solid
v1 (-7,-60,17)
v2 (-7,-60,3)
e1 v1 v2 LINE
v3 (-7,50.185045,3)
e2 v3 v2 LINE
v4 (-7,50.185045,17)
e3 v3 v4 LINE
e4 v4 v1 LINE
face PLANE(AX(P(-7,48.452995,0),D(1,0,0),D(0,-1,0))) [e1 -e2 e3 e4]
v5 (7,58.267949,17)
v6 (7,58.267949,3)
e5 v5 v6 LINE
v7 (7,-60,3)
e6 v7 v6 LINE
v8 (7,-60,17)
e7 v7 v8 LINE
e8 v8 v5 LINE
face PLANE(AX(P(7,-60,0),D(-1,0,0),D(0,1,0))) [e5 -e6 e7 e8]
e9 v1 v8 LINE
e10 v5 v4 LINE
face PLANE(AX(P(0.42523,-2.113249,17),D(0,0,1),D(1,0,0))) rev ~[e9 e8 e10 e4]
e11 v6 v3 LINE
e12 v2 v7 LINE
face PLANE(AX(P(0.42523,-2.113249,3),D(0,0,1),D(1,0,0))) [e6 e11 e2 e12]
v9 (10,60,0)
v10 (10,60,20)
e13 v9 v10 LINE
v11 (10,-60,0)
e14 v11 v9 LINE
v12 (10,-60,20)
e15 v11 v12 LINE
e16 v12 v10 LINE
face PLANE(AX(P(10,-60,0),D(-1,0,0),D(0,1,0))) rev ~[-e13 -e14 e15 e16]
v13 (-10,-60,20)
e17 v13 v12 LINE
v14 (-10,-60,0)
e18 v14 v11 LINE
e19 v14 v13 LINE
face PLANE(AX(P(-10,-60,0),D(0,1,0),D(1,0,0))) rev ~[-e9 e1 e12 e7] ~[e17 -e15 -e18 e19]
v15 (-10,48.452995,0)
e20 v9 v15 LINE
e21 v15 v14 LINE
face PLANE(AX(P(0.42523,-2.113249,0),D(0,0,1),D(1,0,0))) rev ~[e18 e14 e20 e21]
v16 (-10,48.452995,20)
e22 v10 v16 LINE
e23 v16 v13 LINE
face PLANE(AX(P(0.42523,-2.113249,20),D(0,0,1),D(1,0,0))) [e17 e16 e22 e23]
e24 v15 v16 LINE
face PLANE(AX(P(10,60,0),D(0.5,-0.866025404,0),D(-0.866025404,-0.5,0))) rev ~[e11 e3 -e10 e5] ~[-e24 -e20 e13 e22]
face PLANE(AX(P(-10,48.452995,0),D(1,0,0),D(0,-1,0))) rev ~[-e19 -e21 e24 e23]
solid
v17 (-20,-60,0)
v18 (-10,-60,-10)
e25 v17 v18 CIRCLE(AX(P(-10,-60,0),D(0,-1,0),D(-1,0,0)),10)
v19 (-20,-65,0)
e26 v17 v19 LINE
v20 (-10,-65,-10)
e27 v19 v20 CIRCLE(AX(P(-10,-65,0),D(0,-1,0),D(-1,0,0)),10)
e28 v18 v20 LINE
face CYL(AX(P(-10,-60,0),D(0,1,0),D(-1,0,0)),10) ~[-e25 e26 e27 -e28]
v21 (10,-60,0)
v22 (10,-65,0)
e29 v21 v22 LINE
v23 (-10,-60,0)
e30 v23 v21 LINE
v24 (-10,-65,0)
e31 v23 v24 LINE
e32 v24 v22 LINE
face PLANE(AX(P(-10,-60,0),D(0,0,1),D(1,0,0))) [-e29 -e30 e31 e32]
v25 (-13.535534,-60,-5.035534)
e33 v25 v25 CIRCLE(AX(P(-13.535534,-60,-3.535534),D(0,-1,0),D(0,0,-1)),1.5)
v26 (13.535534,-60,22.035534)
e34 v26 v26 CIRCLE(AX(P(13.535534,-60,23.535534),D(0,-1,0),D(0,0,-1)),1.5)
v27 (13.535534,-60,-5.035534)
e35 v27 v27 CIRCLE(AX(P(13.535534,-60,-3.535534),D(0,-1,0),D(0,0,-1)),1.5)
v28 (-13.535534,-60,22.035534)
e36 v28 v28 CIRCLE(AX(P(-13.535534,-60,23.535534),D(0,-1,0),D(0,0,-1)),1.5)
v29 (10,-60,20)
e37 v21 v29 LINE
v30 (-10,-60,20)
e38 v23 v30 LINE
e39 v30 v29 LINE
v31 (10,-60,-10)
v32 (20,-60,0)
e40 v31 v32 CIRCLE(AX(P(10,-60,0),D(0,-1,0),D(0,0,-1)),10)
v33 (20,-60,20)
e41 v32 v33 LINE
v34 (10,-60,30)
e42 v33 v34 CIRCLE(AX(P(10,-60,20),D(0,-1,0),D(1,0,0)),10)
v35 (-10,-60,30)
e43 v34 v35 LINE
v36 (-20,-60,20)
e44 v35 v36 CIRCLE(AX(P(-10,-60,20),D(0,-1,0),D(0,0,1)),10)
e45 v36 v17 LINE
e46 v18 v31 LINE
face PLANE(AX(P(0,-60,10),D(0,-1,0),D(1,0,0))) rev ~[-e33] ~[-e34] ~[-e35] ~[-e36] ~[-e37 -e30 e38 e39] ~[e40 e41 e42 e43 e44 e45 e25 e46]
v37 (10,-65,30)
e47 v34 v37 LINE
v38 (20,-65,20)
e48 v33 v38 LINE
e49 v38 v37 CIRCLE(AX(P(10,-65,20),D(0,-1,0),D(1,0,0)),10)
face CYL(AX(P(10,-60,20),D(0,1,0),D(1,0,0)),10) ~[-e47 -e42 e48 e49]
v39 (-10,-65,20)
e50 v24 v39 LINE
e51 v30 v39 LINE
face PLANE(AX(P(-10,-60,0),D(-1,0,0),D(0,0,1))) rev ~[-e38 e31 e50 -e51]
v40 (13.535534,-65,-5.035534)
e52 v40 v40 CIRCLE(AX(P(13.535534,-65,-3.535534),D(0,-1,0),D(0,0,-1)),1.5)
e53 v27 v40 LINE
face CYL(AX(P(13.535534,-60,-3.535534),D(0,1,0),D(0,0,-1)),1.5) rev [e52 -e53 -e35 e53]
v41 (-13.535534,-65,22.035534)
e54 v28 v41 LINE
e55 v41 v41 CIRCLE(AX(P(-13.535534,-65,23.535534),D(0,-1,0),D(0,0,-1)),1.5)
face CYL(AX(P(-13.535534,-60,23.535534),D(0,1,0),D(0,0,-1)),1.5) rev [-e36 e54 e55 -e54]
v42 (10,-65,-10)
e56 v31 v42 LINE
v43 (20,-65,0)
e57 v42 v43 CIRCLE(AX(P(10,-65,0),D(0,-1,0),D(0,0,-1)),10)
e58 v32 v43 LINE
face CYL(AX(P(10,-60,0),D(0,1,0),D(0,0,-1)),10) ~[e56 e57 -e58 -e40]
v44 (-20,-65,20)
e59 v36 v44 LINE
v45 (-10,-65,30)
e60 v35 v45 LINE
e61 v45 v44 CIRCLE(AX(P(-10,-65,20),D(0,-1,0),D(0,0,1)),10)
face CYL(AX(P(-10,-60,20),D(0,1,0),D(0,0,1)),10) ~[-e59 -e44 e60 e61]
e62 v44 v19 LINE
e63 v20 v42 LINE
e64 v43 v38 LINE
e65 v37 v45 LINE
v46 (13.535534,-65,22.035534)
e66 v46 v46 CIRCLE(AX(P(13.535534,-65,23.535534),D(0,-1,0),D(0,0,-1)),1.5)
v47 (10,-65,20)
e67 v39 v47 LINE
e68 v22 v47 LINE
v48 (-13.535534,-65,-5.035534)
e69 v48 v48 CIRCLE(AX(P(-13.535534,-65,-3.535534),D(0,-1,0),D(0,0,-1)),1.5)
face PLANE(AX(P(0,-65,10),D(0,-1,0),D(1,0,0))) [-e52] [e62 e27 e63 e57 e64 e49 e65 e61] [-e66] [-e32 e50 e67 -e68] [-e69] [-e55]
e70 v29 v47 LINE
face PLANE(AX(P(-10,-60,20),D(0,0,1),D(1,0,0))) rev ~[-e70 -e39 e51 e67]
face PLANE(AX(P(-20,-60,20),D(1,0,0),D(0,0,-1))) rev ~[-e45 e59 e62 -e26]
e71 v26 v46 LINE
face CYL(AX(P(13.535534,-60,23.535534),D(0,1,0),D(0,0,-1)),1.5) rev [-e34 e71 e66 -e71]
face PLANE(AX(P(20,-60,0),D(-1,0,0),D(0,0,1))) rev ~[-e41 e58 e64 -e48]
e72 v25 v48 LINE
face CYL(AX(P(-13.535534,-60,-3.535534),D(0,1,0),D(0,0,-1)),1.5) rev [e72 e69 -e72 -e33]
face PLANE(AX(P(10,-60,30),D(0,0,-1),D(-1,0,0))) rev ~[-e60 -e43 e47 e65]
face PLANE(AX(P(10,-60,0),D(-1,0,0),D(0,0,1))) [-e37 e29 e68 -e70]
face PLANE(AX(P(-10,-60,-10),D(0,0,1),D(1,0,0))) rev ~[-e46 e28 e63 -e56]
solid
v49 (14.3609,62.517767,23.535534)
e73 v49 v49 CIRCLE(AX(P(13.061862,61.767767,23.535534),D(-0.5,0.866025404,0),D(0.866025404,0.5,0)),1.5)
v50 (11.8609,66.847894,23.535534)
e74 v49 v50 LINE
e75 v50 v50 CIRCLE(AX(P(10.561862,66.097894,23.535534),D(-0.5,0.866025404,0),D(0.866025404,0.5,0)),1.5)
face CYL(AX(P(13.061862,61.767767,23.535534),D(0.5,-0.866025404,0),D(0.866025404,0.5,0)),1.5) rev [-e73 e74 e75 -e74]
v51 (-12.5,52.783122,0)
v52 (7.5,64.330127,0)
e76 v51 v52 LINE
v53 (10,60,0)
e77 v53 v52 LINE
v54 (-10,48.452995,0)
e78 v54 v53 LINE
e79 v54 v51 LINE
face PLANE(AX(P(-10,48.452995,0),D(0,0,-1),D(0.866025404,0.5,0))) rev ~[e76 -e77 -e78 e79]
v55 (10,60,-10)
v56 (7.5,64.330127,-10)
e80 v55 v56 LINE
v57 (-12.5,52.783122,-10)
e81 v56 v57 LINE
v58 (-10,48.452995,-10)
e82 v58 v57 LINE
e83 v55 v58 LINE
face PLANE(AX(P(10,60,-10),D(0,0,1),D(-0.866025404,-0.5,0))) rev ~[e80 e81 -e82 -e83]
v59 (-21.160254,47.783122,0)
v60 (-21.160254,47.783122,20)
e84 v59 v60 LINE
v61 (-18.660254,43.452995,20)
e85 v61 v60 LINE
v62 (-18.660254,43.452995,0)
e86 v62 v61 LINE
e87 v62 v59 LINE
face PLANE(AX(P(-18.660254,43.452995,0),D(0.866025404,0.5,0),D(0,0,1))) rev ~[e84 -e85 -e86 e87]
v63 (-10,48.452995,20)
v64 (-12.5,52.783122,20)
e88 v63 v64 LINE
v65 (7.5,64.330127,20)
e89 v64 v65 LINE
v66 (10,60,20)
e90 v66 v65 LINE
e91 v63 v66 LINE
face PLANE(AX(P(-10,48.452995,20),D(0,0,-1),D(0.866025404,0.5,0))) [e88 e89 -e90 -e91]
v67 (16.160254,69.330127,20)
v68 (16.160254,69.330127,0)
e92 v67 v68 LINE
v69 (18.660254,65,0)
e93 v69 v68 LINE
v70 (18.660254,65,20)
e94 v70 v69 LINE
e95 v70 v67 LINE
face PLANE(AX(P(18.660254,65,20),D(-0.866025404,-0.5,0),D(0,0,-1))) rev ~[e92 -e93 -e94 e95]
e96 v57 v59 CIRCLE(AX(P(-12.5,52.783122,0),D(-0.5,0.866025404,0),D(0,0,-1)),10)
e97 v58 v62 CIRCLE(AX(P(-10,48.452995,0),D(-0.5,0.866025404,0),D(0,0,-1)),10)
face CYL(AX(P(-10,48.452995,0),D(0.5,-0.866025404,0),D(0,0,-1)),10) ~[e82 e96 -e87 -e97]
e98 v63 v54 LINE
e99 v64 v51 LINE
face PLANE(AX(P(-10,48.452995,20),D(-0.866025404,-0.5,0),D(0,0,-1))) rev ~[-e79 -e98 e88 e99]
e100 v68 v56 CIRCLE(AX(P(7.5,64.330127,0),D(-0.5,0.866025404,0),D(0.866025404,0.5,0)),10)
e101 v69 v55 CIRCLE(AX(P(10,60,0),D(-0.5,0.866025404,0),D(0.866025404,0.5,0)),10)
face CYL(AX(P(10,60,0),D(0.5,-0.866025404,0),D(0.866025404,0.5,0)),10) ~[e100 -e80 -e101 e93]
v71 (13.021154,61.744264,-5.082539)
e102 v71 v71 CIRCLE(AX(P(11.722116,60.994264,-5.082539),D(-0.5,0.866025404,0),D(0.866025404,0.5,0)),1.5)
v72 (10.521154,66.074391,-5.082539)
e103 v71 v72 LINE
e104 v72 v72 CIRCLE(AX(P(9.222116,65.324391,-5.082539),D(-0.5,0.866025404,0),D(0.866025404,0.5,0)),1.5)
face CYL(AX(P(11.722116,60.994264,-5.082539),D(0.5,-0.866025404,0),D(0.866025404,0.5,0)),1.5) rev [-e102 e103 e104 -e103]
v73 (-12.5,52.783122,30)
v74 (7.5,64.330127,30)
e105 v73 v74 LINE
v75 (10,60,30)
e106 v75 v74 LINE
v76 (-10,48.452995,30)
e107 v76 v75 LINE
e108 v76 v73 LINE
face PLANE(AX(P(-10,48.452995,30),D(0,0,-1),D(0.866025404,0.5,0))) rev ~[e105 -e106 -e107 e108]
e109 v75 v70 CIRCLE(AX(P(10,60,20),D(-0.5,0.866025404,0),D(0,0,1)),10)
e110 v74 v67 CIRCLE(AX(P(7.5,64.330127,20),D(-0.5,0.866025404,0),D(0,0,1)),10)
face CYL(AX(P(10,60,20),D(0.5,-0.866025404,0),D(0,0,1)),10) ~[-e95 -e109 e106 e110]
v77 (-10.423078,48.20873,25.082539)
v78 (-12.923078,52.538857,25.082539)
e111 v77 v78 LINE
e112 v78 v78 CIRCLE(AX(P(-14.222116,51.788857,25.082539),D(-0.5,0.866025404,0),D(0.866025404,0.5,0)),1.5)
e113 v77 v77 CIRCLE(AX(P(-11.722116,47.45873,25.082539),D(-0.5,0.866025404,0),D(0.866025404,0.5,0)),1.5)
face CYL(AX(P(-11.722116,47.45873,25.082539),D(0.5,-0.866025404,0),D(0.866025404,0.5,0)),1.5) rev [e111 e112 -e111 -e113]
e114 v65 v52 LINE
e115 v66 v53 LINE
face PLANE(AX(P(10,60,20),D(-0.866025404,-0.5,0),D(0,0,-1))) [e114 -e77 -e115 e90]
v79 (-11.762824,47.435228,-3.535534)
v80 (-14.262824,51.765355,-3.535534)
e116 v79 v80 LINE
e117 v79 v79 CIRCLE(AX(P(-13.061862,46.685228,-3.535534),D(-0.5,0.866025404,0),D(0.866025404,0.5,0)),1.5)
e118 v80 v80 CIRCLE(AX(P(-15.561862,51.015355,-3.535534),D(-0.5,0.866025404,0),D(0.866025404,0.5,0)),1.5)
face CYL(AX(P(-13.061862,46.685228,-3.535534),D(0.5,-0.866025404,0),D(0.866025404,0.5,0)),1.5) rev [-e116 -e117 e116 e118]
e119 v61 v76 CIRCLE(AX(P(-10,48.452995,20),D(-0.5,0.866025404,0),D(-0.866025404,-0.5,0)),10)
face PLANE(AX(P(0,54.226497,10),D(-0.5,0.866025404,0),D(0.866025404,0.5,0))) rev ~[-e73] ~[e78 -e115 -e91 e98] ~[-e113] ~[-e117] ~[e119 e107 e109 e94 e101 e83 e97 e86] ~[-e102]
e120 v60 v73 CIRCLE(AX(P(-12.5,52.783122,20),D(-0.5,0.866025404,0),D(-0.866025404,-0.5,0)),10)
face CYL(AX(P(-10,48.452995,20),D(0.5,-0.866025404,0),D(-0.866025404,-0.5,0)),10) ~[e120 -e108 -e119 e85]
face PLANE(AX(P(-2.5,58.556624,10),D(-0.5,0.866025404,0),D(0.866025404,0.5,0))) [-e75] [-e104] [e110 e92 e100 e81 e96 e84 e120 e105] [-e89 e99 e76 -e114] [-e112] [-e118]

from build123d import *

# Parameters (mm, degrees)
BOSS_EXTRU_1_DEPTH = 20
COQUE1_T           = -3
ESQUISSE2_R        = 1.5
ESQUISSE2_W        = 20
ESQUISSE2_H        = 20
BOSS_EXTRU_2_DEPTH = 5
ESQUISSE3_R        = 1.5
ESQUISSE3_W        = 23.094010768
ESQUISSE3_H        = 20
BOSS_EXTRU_3_DEPTH = 5


with BuildPart() as part:
    # Esquisse1 → Boss.-Extru.1 (new body)
    with BuildSketch(Plane.XY):
        Polygon((10, 60), (-10, 48.452994616), (-10, -60), (10, -60), align=None)
    extrude(amount=BOSS_EXTRU_1_DEPTH)

    # Coque1
    coque1_openings = [part.faces().sort_by_distance(p)[0] for p in [
        (0, -60, 10),
        (0, 54.226497308, 10),
    ]]
    offset(amount=COQUE1_T, openings=coque1_openings, kind=Kind.INTERSECTION)


with BuildPart() as body_2:
    # Esquisse2 → Boss.-Extru.2 (new body)
    with BuildSketch(Plane.XZ.offset(60)):
        with BuildLine():
            Line((-20, 20), (-20, 0))
            ThreePointArc((-20, 0), (-17.071067812, -7.071067812), (-10, -10))
            Line((-10, -10), (10, -10))
            ThreePointArc((10, -10), (17.071067812, -7.071067812), (20, 0))
            Line((20, 0), (20, 20))
            ThreePointArc((20, 20), (17.071067812, 27.071067812), (10, 30))
            Line((10, 30), (-10, 30))
            ThreePointArc((-10, 30), (-17.071067812, 27.071067812), (-20, 20))
        make_face()
        with Locations(Location((-13.535533906, 23.535533906, 0), (0, 0, 270))):
            Circle(ESQUISSE2_R, mode=Mode.SUBTRACT)
        with Locations(Location((13.535533906, 23.535533906, 0), (0, 0, 270))):
            Circle(ESQUISSE2_R, mode=Mode.SUBTRACT)
        with Locations(Location((13.535533906, -3.535533906, 0), (0, 0, 270))):
            Circle(ESQUISSE2_R, mode=Mode.SUBTRACT)
        with Locations(Location((-13.535533906, -3.535533906, 0), (0, 0, 270))):
            Circle(ESQUISSE2_R, mode=Mode.SUBTRACT)
        with Locations((0, 10)):
            Rectangle(ESQUISSE2_W, ESQUISSE2_H, mode=Mode.SUBTRACT)
    extrude(amount=BOSS_EXTRU_2_DEPTH)


with BuildPart() as body_3:
    # Esquisse3 → Boss.-Extru.3 (new body)
    with BuildSketch(Plane(origin=(-23.480762114, 40.669872981, 0), x_dir=(0.8660254037844415, 0.49999999999999517, 0), z_dir=(-0.4999999999999951, 0.8660254037844414, 0))):
        with BuildLine():
            Line((38.660254038, 10), (15.56624327, 10))
            ThreePointArc((15.56624327, 10), (8.495175458, 7.071067812), (5.56624327, 0))
            Line((5.56624327, 0), (5.56624327, -20))
            ThreePointArc((5.56624327, -20), (8.495175458, -27.071067812), (15.56624327, -30))
            Line((15.56624327, -30), (38.660254038, -30))
            ThreePointArc((38.660254038, -30), (45.73132185, -27.071067812), (48.660254038, -20))
            Line((48.660254038, -20), (48.660254038, 0))
            ThreePointArc((48.660254038, 0), (45.73132185, 7.071067812), (38.660254038, 10))
        make_face()
        with Locations((12.030709364, 3.535533906)):
            Circle(ESQUISSE3_R, mode=Mode.SUBTRACT)
        with Locations((40.64878256, 5.08253929)):
            Circle(ESQUISSE3_R, mode=Mode.SUBTRACT)
        with Locations((42.195787944, -23.535533906)):
            Circle(ESQUISSE3_R, mode=Mode.SUBTRACT)
        with Locations((13.577714748, -25.08253929)):
            Circle(ESQUISSE3_R, mode=Mode.SUBTRACT)
        with Locations((27.113248654, -10)):
            Rectangle(ESQUISSE3_W, ESQUISSE3_H, mode=Mode.SUBTRACT)
    extrude(amount=BOSS_EXTRU_3_DEPTH)


solid = Compound([part.part, body_2.part, body_3.part])
